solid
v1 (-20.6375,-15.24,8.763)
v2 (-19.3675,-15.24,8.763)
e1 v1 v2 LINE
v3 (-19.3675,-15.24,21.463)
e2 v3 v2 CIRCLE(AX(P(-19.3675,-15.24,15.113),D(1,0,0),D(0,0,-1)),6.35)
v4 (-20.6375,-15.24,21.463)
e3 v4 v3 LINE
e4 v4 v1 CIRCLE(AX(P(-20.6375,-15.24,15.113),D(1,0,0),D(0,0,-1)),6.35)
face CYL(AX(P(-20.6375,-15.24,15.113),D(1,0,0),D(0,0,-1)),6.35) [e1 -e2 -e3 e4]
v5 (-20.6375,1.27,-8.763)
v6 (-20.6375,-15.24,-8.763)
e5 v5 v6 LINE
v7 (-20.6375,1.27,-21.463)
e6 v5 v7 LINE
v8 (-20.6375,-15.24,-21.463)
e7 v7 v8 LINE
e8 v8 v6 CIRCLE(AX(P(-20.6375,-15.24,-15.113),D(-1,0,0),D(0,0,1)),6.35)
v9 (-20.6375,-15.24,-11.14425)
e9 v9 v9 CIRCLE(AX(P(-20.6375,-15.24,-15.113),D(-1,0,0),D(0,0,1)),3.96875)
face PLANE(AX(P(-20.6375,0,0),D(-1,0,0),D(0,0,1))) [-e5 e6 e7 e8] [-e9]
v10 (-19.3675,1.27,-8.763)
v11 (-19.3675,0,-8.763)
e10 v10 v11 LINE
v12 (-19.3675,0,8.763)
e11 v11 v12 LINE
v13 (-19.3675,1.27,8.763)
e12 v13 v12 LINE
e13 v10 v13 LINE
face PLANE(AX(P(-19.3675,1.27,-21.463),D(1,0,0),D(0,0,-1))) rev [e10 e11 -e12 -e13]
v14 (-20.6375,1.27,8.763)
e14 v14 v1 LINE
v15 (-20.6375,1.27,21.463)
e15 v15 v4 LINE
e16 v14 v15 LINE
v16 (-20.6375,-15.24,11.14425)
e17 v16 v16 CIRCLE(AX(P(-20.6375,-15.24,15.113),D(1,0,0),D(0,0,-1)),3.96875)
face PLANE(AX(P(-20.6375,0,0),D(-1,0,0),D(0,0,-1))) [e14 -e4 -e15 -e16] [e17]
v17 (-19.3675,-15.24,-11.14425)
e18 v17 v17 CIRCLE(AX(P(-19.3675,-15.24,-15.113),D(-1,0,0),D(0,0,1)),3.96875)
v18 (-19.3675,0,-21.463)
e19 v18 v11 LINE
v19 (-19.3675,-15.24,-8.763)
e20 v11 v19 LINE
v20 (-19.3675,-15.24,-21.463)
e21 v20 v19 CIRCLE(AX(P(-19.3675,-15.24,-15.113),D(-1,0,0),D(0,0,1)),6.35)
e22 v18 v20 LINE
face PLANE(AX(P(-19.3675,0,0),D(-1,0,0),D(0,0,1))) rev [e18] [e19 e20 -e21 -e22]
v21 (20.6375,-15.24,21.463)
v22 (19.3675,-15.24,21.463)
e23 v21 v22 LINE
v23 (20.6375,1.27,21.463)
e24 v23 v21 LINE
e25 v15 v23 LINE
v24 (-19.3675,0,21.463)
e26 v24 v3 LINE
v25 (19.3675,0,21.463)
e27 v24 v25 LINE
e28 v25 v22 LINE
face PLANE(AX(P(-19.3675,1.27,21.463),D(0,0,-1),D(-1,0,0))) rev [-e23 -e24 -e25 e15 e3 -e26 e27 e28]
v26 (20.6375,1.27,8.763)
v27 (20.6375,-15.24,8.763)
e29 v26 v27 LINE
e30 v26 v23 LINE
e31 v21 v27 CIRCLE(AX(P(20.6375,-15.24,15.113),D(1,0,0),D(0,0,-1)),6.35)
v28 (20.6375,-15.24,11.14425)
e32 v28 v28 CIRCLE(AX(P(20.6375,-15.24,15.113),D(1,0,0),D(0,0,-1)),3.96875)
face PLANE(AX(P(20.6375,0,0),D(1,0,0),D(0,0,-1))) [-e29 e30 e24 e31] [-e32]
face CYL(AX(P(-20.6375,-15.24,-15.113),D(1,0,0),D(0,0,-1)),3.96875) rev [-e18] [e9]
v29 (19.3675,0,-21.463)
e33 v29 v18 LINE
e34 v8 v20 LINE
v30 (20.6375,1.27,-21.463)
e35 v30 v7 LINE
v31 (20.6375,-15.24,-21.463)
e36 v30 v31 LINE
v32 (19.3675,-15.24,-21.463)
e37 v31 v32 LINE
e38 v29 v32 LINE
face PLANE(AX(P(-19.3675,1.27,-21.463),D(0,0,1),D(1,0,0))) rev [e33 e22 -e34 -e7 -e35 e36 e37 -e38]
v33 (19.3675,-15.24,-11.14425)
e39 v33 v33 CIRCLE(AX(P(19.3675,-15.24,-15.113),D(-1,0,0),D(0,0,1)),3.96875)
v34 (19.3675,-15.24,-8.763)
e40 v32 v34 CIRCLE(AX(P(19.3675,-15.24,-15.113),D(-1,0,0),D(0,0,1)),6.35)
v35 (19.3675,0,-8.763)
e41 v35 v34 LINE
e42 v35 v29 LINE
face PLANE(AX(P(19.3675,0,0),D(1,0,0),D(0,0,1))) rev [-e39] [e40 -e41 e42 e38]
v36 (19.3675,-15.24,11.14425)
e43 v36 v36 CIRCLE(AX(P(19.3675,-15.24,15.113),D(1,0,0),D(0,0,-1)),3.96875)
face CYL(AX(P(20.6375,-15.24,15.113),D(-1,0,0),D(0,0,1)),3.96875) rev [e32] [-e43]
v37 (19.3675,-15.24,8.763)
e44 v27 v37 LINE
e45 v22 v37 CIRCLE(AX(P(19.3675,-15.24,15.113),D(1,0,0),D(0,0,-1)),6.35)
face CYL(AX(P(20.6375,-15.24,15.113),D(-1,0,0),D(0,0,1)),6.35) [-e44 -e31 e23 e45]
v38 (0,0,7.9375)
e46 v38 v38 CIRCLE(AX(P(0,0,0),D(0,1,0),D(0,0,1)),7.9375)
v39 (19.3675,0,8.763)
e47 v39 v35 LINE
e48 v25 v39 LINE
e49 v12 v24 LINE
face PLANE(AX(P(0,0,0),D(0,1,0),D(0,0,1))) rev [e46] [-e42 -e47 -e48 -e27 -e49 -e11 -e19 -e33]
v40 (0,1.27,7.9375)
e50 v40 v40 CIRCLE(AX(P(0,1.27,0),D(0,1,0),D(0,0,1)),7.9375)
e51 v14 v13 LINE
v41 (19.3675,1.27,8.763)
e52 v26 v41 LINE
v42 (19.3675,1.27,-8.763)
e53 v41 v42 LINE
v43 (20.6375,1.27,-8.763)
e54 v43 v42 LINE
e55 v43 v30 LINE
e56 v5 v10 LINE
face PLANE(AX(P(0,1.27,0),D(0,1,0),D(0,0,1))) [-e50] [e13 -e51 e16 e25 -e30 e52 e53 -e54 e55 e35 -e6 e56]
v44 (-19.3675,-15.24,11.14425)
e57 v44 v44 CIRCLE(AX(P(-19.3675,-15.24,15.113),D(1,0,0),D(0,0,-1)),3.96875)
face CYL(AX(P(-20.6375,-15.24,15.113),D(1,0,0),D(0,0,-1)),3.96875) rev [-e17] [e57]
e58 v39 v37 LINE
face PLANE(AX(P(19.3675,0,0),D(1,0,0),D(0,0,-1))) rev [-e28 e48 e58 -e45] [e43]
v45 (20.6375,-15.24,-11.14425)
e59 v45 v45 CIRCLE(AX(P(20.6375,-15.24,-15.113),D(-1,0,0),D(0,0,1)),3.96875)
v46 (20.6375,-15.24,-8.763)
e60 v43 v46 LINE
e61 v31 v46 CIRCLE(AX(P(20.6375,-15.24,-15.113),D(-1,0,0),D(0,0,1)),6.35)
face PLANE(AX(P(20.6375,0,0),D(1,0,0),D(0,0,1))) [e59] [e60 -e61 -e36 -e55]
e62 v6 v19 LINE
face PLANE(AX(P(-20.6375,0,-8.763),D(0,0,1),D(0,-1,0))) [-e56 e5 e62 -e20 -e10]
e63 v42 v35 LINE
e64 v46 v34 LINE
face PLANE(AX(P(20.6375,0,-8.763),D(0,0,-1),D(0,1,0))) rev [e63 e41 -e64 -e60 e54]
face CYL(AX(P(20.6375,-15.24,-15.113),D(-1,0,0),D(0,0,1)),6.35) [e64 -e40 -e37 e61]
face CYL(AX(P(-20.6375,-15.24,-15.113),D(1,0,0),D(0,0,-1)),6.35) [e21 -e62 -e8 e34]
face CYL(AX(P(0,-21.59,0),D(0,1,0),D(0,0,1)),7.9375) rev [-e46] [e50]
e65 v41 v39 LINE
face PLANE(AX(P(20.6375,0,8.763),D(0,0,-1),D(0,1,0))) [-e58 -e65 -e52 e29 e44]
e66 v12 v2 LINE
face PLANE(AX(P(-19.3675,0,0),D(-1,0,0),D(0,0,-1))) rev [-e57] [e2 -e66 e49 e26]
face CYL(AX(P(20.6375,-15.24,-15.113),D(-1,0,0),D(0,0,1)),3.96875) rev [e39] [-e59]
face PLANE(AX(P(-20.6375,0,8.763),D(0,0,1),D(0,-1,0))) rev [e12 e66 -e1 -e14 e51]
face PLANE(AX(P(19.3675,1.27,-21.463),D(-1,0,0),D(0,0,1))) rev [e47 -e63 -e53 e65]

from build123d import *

# Parameters (mm, degrees)
SKETCH1_W               = 38.735
SKETCH1_H               = 42.926
BOSS_EXTRUDE1_DEPTH     = 1.27
SKETCH5_R               = 3.96875
SKETCH5_W               = 12.7
SKETCH5_H               = 1.27
BOSS_EXTRUDE3_DEPTH     = 1.27
MIRROR2_COPY_1_SKETCH_R = 3.96875
MIRROR2_COPY_1_SKETCH_W = 12.7
MIRROR2_COPY_1_SKETCH_H = 1.27
MIRROR2_COPY_1_DEPTH    = 1.27
SKETCH6_R               = 7.9375
CUT_EXTRUDE1_DEPTH      = 2.27
CUT_EXTRUDE1_DEPTH_BACK = 22.59


with BuildPart() as part:
    # Sketch1 → Boss-Extrude1 (new body)
    with BuildSketch(Plane(origin=(0, 0, 0), x_dir=(1, 0, 0), z_dir=(0, 1, 0))):
        Rectangle(SKETCH1_W, SKETCH1_H)
    extrude(amount=BOSS_EXTRUDE1_DEPTH)

    # Sketch5 → Boss-Extrude3 (add)
    with BuildSketch(Plane(origin=(19.3675, 0, 0), x_dir=(0, 0, -1), z_dir=(1, 0, 0))):
        with BuildLine():
            Line((-8.763, 0), (-21.463, 0))
            Line((-21.463, 0), (-21.463, -15.24))
            ThreePointArc((-21.463, -15.24), (-15.113, -21.59), (-8.763, -15.24))
            Line((-8.763, -15.24), (-8.763, 0))
        make_face()
        with Locations((-15.113, -15.24)):
            Circle(SKETCH5_R, mode=Mode.SUBTRACT)
        with Locations((-15.113, 0.635)):
            Rectangle(SKETCH5_W, SKETCH5_H)
    boss_extrude3 = extrude(amount=BOSS_EXTRUDE3_DEPTH)

    # Mirror1: Boss-Extrude3 across plane
    add(boss_extrude3.mirror(Plane.XY))

    # Mirror2: Boss-Extrude3 across plane
    add(boss_extrude3.mirror(Plane(origin=(0, 0, 0), x_dir=(0, 0, 1), z_dir=(1, 0, 0))))

    # Mirror2 copy 1 sketch → Mirror2 copy 1 (add)
    with BuildSketch(Plane.ZY.offset(19.3675)):
        with BuildLine():
            Line((-8.763, 0), (-21.463, 0))
            Line((-21.463, 0), (-21.463, -15.24))
            ThreePointArc((-21.463, -15.24), (-15.113, -21.59), (-8.763, -15.24))
            Line((-8.763, -15.24), (-8.763, 0))
        make_face()
        with Locations((-15.113, -15.24)):
            Circle(MIRROR2_COPY_1_SKETCH_R, mode=Mode.SUBTRACT)
        with Locations((-15.113, 0.635)):
            Rectangle(MIRROR2_COPY_1_SKETCH_W, MIRROR2_COPY_1_SKETCH_H)
    extrude(amount=MIRROR2_COPY_1_DEPTH)

    # Sketch6 → Cut-Extrude1 (cut, two sides)
    with BuildSketch(Plane(origin=(0, 0, 0), x_dir=(1, 0, 0), z_dir=(0, 1, 0))) as cut_extrude1_sk:
        Circle(SKETCH6_R)
    extrude(amount=CUT_EXTRUDE1_DEPTH, mode=Mode.SUBTRACT)
    extrude(cut_extrude1_sk.sketch, amount=-CUT_EXTRUDE1_DEPTH_BACK, mode=Mode.SUBTRACT)


solid = part.part
